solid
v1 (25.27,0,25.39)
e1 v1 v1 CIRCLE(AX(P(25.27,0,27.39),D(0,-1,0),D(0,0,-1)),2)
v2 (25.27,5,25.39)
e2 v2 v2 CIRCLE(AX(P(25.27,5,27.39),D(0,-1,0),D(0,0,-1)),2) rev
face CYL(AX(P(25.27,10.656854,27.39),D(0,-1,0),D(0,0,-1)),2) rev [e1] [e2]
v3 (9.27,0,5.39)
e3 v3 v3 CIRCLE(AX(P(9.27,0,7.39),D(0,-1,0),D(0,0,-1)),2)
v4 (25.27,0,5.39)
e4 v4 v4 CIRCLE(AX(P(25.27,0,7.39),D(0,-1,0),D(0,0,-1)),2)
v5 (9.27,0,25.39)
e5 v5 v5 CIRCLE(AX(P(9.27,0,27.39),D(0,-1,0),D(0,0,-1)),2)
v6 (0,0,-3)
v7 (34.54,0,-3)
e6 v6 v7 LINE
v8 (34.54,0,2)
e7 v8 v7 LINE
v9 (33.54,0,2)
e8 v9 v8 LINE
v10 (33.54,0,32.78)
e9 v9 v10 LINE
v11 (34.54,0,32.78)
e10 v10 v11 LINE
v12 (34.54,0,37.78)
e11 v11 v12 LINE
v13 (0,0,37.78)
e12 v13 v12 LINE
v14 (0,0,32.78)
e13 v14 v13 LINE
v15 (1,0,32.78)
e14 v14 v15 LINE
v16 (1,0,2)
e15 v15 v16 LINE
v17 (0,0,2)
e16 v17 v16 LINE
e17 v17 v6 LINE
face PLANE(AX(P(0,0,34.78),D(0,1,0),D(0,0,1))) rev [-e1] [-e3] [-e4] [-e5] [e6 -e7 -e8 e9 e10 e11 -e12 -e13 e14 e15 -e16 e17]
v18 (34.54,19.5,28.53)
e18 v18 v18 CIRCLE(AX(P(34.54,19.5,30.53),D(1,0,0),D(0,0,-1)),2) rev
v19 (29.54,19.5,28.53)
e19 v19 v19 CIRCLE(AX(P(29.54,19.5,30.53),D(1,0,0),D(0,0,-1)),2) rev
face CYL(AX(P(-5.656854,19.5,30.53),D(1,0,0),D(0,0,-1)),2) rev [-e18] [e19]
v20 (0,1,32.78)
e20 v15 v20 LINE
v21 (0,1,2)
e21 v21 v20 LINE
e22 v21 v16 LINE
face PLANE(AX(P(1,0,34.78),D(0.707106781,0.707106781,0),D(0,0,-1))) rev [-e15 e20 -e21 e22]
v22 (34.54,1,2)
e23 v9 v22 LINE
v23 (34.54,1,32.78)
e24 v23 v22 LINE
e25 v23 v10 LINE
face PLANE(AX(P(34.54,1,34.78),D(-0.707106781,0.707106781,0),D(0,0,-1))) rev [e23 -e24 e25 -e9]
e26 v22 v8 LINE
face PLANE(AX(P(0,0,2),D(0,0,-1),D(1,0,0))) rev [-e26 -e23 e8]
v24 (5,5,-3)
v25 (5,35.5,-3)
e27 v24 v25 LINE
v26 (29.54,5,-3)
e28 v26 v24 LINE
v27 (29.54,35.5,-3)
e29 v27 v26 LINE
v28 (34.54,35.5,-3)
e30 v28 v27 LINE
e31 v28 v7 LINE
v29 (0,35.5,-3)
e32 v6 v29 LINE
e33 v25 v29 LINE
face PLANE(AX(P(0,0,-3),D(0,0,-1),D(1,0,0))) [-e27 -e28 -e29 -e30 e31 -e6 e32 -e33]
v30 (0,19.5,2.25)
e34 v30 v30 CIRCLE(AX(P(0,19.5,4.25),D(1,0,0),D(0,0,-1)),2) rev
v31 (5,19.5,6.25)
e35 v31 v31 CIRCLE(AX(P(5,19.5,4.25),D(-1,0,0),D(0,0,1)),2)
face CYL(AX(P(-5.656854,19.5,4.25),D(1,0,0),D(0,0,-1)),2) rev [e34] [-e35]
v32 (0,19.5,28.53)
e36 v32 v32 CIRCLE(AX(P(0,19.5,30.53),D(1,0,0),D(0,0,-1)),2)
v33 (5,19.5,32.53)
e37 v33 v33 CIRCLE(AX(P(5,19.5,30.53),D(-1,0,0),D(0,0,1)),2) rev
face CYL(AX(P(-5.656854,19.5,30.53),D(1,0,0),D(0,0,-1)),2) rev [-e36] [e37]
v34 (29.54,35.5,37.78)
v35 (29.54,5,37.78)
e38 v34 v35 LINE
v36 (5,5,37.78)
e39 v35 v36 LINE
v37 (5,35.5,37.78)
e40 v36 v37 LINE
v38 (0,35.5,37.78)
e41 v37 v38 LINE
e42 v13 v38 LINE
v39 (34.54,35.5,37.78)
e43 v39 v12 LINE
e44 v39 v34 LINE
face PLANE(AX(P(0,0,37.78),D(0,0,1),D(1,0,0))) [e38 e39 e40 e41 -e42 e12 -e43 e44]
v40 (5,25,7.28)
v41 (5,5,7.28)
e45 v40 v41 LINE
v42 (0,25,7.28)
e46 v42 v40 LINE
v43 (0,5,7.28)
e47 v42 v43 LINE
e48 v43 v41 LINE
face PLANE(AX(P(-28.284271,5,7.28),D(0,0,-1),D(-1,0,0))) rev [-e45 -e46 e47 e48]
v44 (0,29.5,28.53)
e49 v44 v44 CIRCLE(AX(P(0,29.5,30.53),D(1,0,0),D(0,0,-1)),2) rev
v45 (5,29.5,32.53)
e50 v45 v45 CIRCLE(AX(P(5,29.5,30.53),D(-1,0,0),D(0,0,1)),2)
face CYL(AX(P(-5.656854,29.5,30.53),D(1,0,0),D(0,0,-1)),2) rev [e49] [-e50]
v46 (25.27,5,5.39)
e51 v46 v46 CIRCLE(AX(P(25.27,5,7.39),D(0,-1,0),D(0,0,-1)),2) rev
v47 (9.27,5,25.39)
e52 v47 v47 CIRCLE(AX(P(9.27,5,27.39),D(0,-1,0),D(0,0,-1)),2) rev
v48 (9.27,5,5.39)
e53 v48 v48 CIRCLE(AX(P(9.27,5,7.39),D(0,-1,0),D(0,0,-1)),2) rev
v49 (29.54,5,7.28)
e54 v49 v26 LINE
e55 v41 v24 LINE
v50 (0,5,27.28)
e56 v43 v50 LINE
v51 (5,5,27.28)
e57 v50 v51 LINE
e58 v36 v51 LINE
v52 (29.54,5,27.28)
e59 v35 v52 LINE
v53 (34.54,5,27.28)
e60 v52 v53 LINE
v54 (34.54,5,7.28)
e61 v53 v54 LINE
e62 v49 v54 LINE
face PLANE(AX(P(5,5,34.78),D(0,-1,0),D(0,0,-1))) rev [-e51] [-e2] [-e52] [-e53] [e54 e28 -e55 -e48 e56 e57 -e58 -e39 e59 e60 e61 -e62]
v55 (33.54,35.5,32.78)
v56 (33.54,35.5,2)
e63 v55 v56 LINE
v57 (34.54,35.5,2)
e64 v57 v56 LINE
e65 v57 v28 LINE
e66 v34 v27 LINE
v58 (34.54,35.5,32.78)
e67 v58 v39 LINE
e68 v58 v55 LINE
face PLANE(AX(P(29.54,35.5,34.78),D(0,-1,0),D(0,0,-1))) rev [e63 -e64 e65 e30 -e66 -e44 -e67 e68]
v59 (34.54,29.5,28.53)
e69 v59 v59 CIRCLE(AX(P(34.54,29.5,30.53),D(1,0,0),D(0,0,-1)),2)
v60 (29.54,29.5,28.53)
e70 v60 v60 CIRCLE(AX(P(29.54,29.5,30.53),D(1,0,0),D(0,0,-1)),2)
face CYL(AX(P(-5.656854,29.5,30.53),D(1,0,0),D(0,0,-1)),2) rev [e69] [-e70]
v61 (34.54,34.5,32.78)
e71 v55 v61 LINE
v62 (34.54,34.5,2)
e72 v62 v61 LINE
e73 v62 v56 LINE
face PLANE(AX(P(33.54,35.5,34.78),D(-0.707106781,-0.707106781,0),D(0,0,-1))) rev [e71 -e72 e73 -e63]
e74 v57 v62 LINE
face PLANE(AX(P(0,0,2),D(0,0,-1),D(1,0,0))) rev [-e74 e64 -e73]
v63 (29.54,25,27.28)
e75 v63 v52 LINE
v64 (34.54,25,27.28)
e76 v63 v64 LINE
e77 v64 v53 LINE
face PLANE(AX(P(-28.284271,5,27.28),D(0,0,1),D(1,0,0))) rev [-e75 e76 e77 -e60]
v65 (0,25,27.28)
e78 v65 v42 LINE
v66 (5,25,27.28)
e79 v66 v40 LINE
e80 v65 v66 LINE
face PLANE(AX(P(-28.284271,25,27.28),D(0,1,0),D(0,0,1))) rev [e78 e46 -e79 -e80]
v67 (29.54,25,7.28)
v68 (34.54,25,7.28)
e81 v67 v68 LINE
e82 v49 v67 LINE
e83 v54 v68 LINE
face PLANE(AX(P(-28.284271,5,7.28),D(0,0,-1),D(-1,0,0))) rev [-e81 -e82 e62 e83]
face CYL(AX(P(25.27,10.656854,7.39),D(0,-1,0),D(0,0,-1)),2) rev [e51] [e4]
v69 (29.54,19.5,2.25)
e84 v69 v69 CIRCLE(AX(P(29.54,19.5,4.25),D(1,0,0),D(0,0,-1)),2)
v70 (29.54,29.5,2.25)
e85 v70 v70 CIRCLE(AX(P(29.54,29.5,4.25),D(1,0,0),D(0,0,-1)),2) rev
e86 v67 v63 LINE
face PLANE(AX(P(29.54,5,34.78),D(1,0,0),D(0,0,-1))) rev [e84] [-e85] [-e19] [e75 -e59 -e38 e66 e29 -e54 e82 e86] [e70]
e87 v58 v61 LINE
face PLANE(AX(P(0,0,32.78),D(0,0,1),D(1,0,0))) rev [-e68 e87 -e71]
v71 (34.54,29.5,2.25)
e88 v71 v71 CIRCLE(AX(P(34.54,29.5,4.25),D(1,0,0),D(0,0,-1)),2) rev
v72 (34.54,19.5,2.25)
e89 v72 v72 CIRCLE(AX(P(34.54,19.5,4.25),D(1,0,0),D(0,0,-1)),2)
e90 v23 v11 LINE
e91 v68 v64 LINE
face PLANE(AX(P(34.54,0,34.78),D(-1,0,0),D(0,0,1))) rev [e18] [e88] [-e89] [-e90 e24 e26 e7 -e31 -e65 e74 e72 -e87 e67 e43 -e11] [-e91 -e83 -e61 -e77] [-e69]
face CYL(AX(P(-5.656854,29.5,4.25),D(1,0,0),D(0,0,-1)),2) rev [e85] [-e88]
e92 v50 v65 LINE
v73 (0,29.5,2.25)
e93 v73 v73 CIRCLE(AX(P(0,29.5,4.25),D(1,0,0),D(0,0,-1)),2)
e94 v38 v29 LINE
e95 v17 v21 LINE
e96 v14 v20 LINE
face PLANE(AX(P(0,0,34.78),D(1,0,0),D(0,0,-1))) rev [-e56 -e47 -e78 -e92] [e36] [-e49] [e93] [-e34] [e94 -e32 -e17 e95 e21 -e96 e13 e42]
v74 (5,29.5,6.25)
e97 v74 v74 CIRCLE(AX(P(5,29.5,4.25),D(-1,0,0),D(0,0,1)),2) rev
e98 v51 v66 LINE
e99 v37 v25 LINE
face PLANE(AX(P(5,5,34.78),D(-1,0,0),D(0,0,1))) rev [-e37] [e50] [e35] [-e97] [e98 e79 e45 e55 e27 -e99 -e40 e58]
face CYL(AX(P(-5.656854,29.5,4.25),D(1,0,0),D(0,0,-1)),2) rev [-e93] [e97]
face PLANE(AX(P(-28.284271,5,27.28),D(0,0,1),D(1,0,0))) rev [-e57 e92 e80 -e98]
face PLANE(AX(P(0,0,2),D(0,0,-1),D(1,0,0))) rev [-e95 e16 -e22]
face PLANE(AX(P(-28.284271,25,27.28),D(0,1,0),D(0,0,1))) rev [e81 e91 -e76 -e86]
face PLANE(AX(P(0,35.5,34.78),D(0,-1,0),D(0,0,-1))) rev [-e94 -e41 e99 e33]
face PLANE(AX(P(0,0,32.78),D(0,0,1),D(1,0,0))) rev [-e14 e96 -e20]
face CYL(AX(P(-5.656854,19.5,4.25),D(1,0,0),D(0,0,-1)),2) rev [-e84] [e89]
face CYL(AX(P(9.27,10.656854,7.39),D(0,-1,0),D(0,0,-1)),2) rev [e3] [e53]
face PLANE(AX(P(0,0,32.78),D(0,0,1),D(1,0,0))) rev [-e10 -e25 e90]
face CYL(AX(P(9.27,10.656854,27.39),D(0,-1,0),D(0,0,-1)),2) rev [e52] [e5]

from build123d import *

# Parameters (mm, degrees)
EXTRUDE_2_DEPTH     = 34.78
CUT_EXTRUDE_1_REACH = 62.522
SKETCH_2_W          = 20
SKETCH_2_H          = 20
CHAMFER_1_SIZE      = 1
CUT_EXTRUDE_START   = -34.54
SKETCH_3_R          = 2
CUT_EXTRUDE_2_DEPTH = 34.54
SKETCH_4_R          = 2
CUT_EXTRUDE_3_DEPTH = 5
EXTRUDE_START       = -2
EXTRUDE_3_DEPTH     = 5


with BuildPart() as part:
    # 草图1 → 凸台-拉伸2 (new body)
    with BuildSketch(Plane.XY):
        Polygon((0, 0), (0, 35.5), (5, 35.5), (5, 5), (29.54, 5), (29.54, 35.5), (34.54, 35.5), (34.54, 0), align=None)
    extrude(amount=EXTRUDE_2_DEPTH)

    # 切除-拉伸1: up to this face of the body (flat: up to its plane)
    cut_extrude_1_end = Plane(part.part.faces().sort_by_distance((0, 17.75, 17.39))[0])
    # 草图2 → 切除-拉伸1 (cut, up to the picked face)
    with BuildSketch(Plane(origin=(34.54, 0, 0), x_dir=(0, 0, -1), z_dir=(1, 0, 0)), mode=Mode.PRIVATE) as cut_extrude_1_sk1:
        with Locations((-17.28, 15)):
            Rectangle(SKETCH_2_W, SKETCH_2_H)
    cut_extrude_1_tool1 = split(extrude(cut_extrude_1_sk1.sketch, amount=-CUT_EXTRUDE_1_REACH, mode=Mode.PRIVATE), bisect_by=cut_extrude_1_end, keep=Keep.BOTH, mode=Mode.PRIVATE)
    add(cut_extrude_1_tool1.solids().sort_by(Axis((34.54, 15, 17.28), (-1, 0, 0)))[0], mode=Mode.SUBTRACT)

    # 倒角1
    chamfer_1_edges = [part.edges().sort_by_distance(p)[0] for p in [
        (34.54, 17.75, 0),
        (17.27, 0, 0),
        (0, 0, 17.39),
        (34.54, 35.5, 17.39),
        (34.54, 0, 17.39),
        (0, 17.75, 34.78),
        (17.27, 0, 34.78),
        (0, 17.75, 0),
        (34.54, 17.75, 34.78),
    ]]
    chamfer(chamfer_1_edges, length=CHAMFER_1_SIZE)

    # 草图3 → 切除-拉伸2 (cut)
    with BuildSketch(Plane(origin=(34.54, 0, 0), x_dir=(0, 0, -1), z_dir=(1, 0, 0)).offset(CUT_EXTRUDE_START)):
        with Locations((-30.53, 19.5)):
            Circle(SKETCH_3_R)
        with Locations((-4.25, 19.5)):
            Circle(SKETCH_3_R)
        with Locations((-4.25, 29.5)):
            Circle(SKETCH_3_R)
        with BuildLine():
            ThreePointArc((-31.619976701, 31.176887233), (-32.53, 29.5), (-31.619976701, 27.823112767))
            Line((-31.619976701, 27.823112767), (-30.53, 29.5))
            Line((-30.53, 29.5), (-31.619976701, 31.176887233))
        make_face()
        with BuildLine():
            Line((-30.53, 29.5), (-31.619976701, 27.823112767))
            ThreePointArc((-31.619976701, 27.823112767), (-30.53, 27.5), (-29.440023299, 27.823112767))
            Line((-29.440023299, 27.823112767), (-30.53, 29.5))
        make_face()
        with BuildLine():
            Line((-30.53, 29.5), (-29.440023299, 27.823112767))
            ThreePointArc((-29.440023299, 27.823112767), (-28.772167044, 28.546048587), (-28.53, 29.5))
            ThreePointArc((-28.53, 29.5), (-28.772167044, 30.453951413), (-29.440023299, 31.176887233))
            Line((-29.440023299, 31.176887233), (-30.53, 29.5))
        make_face()
        with BuildLine():
            ThreePointArc((-29.440023299, 31.176887233), (-30.53, 31.5), (-31.619976701, 31.176887233))
            Line((-31.619976701, 31.176887233), (-30.53, 29.5))
            Line((-30.53, 29.5), (-29.440023299, 31.176887233))
        make_face()
    extrude(amount=CUT_EXTRUDE_2_DEPTH, mode=Mode.SUBTRACT)

    # 草图4 → 切除-拉伸3 (cut)
    with BuildSketch(Plane.XZ):
        with Locations(Location((9.27, 27.39, 0), (0, 0, 270))):
            Circle(SKETCH_4_R)
        with Locations(Location((25.27, 27.39, 0), (0, 0, 270))):
            Circle(SKETCH_4_R)
        with Locations(Location((25.27, 7.39, 0), (0, 0, 270))):
            Circle(SKETCH_4_R)
        with Locations(Location((9.27, 7.39, 0), (0, 0, 270))):
            Circle(SKETCH_4_R)
    extrude(amount=-CUT_EXTRUDE_3_DEPTH, mode=Mode.SUBTRACT)

    # 草图8 → 凸台-拉伸3 (add)
    with BuildSketch(Plane.XY.offset(34.78).offset(EXTRUDE_START)):
        Polygon((1, 35.5), (1, 1), (33.54, 1), (33.54, 35.5), (29.54, 35.5), (29.54, 5), (5, 5), (5, 35.5), align=None)
        Polygon((34.54, 1), (34.54, 34.5), (34.54, 35.5), (33.54, 35.5), (33.54, 1), (1, 1), (1, 35.5), (0, 35.5), (0, 1), (0, 0), (1, 0), (33.54, 0), (34.54, 0), align=None)
    extrude_3 = extrude(amount=EXTRUDE_3_DEPTH)

    # 镜向1: 凸台-拉伸3 across plane
    add(extrude_3.mirror(Plane.XY.offset(17.39)))


solid = part.part
